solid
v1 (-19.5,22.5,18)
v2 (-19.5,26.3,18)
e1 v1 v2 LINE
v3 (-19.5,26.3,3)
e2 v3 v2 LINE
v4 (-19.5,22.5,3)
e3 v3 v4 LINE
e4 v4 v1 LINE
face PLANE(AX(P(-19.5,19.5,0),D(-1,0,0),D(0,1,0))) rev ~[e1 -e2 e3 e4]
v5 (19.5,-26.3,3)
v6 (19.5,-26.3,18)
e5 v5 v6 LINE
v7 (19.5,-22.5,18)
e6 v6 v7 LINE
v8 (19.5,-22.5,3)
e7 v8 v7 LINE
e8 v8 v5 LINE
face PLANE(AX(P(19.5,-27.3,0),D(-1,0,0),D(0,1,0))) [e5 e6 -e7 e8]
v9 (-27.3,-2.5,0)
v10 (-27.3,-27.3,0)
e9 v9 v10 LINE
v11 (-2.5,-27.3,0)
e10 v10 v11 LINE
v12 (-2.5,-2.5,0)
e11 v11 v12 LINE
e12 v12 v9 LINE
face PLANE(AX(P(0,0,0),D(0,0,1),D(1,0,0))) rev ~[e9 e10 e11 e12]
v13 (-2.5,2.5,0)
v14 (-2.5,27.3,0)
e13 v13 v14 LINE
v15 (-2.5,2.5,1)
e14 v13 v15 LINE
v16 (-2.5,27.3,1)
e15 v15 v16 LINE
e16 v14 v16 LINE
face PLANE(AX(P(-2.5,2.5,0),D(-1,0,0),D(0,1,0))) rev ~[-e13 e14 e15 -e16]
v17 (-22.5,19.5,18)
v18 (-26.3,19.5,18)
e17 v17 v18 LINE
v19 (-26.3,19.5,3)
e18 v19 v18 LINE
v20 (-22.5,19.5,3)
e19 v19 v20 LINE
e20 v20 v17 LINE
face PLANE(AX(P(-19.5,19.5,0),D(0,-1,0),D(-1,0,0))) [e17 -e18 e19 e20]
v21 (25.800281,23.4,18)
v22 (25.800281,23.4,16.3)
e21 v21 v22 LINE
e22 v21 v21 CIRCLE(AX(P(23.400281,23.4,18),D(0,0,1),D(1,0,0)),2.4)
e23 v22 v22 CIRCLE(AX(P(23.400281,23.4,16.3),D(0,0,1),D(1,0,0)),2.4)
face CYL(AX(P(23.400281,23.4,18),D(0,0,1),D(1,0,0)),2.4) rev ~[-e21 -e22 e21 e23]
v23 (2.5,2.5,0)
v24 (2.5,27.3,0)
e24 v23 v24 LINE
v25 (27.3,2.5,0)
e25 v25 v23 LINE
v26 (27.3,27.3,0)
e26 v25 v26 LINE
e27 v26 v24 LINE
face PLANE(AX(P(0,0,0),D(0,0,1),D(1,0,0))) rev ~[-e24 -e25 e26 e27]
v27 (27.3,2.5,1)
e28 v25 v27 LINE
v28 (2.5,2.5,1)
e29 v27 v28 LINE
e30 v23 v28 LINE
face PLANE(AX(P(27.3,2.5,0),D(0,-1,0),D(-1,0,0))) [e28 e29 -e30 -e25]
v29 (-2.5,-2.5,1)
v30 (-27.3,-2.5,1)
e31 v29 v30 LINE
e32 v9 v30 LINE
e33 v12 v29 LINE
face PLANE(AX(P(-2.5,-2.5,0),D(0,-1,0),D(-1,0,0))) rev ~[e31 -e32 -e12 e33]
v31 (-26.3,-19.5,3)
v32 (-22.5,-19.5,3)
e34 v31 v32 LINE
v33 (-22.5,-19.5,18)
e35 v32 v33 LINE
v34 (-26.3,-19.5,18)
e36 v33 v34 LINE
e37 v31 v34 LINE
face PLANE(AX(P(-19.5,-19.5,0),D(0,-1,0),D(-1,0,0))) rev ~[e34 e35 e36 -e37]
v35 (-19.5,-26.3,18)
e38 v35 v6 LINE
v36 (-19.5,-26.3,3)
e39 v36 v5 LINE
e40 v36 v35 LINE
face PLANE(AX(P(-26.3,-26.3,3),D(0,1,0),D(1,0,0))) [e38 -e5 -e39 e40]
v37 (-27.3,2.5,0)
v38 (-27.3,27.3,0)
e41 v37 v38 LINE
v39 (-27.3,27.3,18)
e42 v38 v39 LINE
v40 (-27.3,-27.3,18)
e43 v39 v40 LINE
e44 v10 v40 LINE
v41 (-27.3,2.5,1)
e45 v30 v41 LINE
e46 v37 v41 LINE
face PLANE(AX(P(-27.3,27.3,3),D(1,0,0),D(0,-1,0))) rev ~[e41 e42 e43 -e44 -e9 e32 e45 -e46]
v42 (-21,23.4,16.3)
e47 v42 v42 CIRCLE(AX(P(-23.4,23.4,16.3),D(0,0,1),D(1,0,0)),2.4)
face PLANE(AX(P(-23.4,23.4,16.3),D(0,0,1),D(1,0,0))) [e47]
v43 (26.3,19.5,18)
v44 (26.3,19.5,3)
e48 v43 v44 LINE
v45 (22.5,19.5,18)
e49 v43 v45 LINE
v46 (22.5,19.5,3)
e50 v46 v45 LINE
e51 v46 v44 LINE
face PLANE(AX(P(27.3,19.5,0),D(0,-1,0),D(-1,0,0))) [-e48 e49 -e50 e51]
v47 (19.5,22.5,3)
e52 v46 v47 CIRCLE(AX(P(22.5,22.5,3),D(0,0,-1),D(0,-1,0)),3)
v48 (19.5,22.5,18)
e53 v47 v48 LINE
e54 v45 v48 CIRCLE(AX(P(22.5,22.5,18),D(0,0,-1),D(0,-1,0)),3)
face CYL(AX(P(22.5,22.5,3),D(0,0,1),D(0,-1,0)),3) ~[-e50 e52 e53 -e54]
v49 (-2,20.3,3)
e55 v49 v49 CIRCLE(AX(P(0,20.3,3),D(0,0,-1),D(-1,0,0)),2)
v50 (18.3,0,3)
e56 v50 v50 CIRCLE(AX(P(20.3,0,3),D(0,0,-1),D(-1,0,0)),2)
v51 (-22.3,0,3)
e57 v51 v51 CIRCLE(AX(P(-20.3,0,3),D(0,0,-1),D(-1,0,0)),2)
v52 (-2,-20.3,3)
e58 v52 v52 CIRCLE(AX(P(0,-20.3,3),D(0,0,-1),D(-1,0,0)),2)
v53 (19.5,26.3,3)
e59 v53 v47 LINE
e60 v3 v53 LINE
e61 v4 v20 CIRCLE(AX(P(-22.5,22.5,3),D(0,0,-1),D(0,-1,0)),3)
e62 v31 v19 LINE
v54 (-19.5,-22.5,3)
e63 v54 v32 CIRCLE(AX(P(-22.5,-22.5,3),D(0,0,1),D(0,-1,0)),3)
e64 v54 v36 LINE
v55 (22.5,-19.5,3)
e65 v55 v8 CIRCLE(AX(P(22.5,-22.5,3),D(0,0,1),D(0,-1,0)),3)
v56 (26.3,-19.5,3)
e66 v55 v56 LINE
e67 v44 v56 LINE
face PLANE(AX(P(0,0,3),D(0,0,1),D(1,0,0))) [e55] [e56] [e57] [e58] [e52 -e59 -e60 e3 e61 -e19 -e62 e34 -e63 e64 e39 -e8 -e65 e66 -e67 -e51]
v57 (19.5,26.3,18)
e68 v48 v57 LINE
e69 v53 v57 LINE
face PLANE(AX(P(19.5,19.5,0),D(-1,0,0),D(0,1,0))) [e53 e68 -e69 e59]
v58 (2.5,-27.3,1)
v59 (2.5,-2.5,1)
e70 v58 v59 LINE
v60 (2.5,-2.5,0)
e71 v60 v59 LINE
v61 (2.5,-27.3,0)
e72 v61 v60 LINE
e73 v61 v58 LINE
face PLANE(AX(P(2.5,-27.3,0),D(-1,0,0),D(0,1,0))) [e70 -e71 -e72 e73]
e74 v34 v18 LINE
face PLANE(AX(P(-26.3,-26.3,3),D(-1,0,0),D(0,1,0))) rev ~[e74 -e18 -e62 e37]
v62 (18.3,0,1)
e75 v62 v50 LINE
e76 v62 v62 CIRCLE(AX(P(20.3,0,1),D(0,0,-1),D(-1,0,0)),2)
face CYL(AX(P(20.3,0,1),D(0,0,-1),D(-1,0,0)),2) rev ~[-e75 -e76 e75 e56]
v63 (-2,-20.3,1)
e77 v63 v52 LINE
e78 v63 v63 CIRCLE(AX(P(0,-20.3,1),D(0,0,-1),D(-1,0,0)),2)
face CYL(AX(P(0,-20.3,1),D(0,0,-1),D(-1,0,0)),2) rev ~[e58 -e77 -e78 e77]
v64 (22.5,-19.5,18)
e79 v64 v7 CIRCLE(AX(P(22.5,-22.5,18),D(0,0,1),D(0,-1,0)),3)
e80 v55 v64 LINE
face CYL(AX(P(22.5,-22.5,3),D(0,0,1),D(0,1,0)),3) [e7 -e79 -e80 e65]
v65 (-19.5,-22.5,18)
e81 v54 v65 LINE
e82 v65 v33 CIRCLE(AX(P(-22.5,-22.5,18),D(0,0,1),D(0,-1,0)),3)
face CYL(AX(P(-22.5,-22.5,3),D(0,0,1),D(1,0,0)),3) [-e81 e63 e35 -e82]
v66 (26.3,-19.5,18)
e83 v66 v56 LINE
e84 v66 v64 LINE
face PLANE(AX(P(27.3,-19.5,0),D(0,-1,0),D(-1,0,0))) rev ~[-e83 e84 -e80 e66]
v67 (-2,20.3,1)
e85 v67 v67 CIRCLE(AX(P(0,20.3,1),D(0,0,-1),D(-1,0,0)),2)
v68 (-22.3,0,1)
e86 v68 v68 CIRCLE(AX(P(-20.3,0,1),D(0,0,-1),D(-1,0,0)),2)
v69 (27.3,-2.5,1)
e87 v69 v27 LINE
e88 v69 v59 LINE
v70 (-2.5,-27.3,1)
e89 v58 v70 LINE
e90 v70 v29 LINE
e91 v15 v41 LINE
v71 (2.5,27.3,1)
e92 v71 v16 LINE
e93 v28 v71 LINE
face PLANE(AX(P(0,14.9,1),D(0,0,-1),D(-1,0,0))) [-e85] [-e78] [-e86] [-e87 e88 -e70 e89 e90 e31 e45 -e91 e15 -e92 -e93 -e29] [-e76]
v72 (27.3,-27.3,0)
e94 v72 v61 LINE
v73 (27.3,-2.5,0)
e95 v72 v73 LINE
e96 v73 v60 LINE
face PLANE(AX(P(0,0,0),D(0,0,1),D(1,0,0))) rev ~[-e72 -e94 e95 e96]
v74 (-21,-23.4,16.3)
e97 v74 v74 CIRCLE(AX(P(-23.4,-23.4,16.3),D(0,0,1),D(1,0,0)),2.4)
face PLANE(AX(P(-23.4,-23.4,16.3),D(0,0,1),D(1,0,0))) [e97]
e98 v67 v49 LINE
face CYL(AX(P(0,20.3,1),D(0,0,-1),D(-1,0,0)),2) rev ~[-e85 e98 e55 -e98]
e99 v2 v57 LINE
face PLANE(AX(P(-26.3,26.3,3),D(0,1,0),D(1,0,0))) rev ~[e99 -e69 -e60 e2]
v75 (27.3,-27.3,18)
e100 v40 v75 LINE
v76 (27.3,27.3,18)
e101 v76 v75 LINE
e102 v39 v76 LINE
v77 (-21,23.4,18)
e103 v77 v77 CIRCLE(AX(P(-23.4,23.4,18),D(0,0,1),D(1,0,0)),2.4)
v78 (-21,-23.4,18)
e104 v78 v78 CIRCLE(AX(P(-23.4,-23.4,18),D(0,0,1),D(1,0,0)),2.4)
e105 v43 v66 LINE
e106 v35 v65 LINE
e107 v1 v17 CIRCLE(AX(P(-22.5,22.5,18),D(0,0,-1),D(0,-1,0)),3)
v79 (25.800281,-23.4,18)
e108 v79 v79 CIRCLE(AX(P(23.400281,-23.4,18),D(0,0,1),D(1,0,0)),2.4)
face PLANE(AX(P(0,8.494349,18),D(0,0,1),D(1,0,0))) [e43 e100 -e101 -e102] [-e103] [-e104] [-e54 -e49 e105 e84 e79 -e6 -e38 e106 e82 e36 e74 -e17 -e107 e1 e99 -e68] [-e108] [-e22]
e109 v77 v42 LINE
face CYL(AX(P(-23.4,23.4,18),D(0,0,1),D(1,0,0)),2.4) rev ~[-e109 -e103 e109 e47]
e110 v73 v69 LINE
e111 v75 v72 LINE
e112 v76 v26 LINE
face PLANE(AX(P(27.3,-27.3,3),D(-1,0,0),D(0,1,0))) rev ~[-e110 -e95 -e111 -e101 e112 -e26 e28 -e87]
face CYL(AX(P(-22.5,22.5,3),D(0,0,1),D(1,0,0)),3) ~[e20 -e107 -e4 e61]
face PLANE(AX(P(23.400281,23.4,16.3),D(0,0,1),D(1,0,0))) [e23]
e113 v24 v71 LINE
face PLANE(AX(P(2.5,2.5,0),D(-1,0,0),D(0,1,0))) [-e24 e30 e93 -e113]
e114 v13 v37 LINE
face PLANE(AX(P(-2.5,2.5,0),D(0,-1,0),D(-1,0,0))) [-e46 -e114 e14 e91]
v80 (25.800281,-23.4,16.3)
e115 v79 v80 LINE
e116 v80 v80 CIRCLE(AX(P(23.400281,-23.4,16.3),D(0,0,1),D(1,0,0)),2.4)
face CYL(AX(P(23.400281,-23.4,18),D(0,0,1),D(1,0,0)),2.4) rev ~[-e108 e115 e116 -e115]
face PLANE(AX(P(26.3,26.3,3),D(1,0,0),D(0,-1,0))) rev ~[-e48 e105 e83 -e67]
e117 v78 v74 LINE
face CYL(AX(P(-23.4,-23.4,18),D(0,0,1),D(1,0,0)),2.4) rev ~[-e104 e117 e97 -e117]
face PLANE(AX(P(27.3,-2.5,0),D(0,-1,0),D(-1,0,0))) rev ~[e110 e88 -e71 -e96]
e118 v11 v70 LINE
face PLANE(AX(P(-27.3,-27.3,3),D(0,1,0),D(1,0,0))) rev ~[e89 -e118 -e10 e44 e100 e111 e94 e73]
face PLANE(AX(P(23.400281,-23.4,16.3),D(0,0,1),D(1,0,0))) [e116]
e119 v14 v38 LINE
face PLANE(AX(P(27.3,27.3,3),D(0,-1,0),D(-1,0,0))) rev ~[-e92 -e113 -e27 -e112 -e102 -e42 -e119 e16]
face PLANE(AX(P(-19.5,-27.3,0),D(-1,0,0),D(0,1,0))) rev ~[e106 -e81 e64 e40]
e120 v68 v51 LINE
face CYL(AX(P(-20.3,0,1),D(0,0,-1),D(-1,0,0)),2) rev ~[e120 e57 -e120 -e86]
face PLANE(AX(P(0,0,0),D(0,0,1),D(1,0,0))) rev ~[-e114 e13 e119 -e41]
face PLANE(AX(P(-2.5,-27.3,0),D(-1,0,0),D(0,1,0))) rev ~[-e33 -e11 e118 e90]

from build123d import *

# Parameters (mm, degrees)
SKICA1_W                 = 54.6
SKICA1_H                 = 54.6
P_IDAT_VYSUNUT_M2_DEPTH  = 3
SKICA5_W                 = 5
SKICA5_H                 = 24.8
SKICA5_W_2               = 54.6
SKICA5_H_2               = 5
ODEBRAT_VYSUNUT_M3_DEPTH = 1
SKICA14_W                = 52.6
SKICA14_H                = 1
P_IDAT_VYSUNUT_M9_DEPTH  = 15
SKICA17_R                = 2
ODEBRAT_VYSUNUT_M8_DEPTH = 7
SKICA19_W                = 7.8
SKICA19_H                = 7.8
P_IDAT_VYSUNUT_M10_DEPTH = 18
SKICA20_R                = 2.4
ODEBRAT_VYSUNUT_M9_DEPTH = 1.7
ZAOBLIT1_R               = 3


with BuildPart() as part:
    # Skica1 → Přidat vysunutím2 (new body)
    with BuildSketch(Plane.XY):
        Rectangle(SKICA1_W, SKICA1_H)
    extrude(amount=P_IDAT_VYSUNUT_M2_DEPTH)

    # Skica5 → Odebrat vysunutím3 (cut)
    with BuildSketch(Plane(origin=(0, 0, 0), x_dir=(-1, 0, 0), z_dir=(0, 0, -1))):
        with Locations((0, 14.9)):
            Rectangle(SKICA5_W, SKICA5_H)
        Rectangle(SKICA5_W_2, SKICA5_H_2)
        with Locations((0, -14.9)):
            Rectangle(SKICA5_W, SKICA5_H)
    extrude(amount=-ODEBRAT_VYSUNUT_M3_DEPTH, mode=Mode.SUBTRACT)

    # Skica14 → Přidat vysunutím9 (add)
    with BuildSketch(Plane.XY.offset(3)):
        Polygon((27.3, 27.3), (-27.3, 27.3), (-27.3, -27.3), (-26.3, -27.3), (-26.3, -26.3), (-26.3, 26.3), (26.3, 26.3), (26.3, -26.3), (26.3, -27.3), (27.3, -27.3), align=None)
        with Locations((0, -26.8)):
            Rectangle(SKICA14_W, SKICA14_H)
    extrude(amount=P_IDAT_VYSUNUT_M9_DEPTH)

    # Skica17 → Odebrat vysunutím8 (cut)
    with BuildSketch(Plane(origin=(0, 0, 1), x_dir=(-1, 0, 0), z_dir=(0, 0, -1))):
        with Locations((-20.3, 0)):
            Circle(SKICA17_R)
        with Locations((20.3, 0)):
            Circle(SKICA17_R)
        with Locations((0, 20.3)):
            Circle(SKICA17_R)
        with Locations((0, -20.3)):
            Circle(SKICA17_R)
    extrude(amount=-ODEBRAT_VYSUNUT_M8_DEPTH, mode=Mode.SUBTRACT)

    # Skica19 → Přidat vysunutím10 (add)
    with BuildSketch(Plane(origin=(0, 0, 0), x_dir=(-1, 0, 0), z_dir=(0, 0, -1))):
        with Locations((-23.4, 23.4)):
            Rectangle(SKICA19_W, SKICA19_H)
        with Locations((23.4, 23.4)):
            Rectangle(SKICA19_W, SKICA19_H)
        with Locations((-23.4, -23.4)):
            Rectangle(SKICA19_W, SKICA19_H)
        with Locations((23.4, -23.4)):
            Rectangle(SKICA19_W, SKICA19_H)
    extrude(amount=-P_IDAT_VYSUNUT_M10_DEPTH)

    # Skica20 → Odebrat vysunutím9 (cut)
    with BuildSketch(Plane.XY.offset(18)):
        with Locations((-23.4, -23.4)):
            Circle(SKICA20_R)
        with Locations((-23.4, 23.4)):
            Circle(SKICA20_R)
        with Locations((23.400280565, 23.4)):
            Circle(SKICA20_R)
        with Locations((23.400280565, -23.4)):
            Circle(SKICA20_R)
    extrude(amount=-ODEBRAT_VYSUNUT_M9_DEPTH, mode=Mode.SUBTRACT)

    # Zaoblit1
    zaoblit1_edges = [part.edges().sort_by_distance(p)[0] for p in [
        (19.5, 19.5, 10.5),
        (-19.5, 19.5, 10.5),
        (19.5, -19.5, 10.5),
        (-19.5, -19.5, 10.5),
    ]]
    fillet(zaoblit1_edges, radius=ZAOBLIT1_R)


solid = part.part
